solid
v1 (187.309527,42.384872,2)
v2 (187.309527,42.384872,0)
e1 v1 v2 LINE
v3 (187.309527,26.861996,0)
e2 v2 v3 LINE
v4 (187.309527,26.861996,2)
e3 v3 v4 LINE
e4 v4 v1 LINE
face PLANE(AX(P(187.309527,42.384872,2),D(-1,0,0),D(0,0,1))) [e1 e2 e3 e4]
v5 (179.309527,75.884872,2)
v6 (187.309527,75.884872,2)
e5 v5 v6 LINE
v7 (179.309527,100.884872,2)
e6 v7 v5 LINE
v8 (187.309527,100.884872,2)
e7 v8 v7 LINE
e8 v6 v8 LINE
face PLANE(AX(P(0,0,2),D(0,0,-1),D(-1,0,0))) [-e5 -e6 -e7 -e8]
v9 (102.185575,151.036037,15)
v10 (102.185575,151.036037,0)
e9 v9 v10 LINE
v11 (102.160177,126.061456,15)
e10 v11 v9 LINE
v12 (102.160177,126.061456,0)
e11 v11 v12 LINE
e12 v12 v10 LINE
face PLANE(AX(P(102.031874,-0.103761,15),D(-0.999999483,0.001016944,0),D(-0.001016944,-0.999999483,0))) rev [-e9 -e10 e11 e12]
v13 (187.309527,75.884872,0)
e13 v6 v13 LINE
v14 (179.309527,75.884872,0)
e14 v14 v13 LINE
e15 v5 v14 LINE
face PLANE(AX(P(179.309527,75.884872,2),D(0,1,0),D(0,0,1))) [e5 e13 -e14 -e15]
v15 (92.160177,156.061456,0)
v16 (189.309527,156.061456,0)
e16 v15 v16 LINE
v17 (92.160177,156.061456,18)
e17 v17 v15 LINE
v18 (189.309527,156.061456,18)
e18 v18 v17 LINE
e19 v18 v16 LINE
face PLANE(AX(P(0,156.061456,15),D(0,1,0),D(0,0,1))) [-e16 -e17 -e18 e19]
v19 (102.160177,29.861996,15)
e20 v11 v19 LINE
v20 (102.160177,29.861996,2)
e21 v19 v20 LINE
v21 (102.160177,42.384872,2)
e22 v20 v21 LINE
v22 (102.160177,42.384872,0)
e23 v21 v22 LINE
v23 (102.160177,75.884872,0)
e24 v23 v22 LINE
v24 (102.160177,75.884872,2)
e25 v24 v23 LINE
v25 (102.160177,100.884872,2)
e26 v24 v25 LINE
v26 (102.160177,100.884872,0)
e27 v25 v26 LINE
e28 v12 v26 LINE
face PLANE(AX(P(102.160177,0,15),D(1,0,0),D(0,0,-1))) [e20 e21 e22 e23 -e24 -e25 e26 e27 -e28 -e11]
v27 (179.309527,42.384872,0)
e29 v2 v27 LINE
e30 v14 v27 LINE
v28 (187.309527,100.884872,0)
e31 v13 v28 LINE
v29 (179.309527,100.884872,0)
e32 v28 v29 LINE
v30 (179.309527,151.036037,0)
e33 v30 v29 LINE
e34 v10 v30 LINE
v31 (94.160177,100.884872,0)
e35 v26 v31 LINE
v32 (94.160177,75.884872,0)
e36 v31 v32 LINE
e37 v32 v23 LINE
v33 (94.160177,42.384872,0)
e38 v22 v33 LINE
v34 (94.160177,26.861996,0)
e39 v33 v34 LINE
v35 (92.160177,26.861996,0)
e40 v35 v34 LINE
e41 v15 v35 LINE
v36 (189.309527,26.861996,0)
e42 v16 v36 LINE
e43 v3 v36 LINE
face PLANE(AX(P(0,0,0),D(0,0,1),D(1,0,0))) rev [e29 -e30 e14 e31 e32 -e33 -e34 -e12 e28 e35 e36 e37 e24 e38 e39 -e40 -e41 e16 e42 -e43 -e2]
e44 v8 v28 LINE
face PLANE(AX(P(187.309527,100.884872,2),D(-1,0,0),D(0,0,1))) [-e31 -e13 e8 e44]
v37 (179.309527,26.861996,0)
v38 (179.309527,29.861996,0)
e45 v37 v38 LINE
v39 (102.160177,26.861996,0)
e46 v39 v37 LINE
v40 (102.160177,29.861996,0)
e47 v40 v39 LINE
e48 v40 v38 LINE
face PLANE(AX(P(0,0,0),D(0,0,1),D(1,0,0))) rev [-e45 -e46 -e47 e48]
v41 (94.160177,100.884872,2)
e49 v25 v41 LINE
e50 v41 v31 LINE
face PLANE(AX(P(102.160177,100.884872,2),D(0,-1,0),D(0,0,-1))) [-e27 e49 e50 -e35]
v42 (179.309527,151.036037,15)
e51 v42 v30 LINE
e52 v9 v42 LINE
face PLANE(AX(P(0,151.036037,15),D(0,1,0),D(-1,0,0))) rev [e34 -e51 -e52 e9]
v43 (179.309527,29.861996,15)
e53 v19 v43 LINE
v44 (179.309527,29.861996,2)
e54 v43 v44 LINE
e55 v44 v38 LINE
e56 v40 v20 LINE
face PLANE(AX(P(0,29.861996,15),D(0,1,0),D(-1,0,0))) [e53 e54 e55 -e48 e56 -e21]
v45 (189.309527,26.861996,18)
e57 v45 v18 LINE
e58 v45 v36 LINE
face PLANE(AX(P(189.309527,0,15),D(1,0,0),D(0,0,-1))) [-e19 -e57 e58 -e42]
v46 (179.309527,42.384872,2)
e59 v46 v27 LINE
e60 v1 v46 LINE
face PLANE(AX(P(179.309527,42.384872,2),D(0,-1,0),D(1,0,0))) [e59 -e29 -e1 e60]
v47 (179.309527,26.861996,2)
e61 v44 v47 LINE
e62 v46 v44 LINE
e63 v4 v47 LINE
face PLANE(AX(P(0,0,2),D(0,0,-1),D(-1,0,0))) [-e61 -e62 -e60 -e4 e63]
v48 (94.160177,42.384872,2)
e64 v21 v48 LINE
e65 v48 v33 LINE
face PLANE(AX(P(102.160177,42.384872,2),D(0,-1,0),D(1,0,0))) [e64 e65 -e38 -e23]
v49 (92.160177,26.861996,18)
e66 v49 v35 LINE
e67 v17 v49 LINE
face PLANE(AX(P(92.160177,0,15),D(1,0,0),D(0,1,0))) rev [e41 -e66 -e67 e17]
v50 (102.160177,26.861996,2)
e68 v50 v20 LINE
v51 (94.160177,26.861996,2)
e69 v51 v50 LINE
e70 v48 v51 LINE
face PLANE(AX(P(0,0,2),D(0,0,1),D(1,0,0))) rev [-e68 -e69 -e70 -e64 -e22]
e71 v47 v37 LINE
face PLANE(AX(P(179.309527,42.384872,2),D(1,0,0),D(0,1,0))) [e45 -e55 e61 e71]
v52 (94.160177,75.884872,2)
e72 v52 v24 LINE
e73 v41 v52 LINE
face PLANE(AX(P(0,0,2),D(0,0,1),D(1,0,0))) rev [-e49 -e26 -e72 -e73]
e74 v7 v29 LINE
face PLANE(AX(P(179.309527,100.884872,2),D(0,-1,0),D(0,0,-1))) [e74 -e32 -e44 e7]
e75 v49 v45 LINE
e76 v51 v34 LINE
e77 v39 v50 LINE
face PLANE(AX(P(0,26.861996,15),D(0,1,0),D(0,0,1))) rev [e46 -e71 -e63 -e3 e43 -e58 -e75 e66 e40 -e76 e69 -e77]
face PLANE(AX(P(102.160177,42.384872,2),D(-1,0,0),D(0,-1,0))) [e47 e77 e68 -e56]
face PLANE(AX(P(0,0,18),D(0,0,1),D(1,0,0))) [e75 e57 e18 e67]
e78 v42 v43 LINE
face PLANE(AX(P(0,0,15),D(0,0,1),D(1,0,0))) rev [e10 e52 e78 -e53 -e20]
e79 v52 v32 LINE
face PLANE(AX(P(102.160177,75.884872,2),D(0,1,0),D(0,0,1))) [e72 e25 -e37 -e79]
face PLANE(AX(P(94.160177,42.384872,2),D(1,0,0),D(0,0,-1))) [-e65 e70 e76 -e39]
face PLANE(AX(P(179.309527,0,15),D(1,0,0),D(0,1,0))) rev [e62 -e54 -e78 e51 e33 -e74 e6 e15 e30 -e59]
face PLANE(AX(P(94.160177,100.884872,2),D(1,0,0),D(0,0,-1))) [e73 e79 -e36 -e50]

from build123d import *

# Parameters (mm, degrees)
MODEL_W             = 97.14935
MODEL_H             = 129.19946
EXTRUDE_1_DEPTH     = 15
SKETCH_5_W          = 97.14935
SKETCH_5_H          = 129.19946
EXTRUDE_2_DEPTH     = 3
SKETCH_4_W          = 8
SKETCH_4_H          = 25
CUT_EXTRUDE_1_DEPTH = 2


with BuildPart() as part:
    # Model → 凸台-拉伸1 (new body)
    with BuildSketch(Plane.XY):
        with Locations((140.734852429, 91.461726055)):
            Rectangle(MODEL_W, MODEL_H)
        Polygon((102.160177429, 94.384872236), (102.160177429, 82.384872236), (102.160177429, 35.884872236), (102.160177429, 29.861996055), (179.309527429, 29.861996055), (179.309527429, 35.884872236), (179.309527429, 82.384872236), (179.309527429, 94.384872236), (179.309527429, 118.984602236), (179.309527429, 126.061456055), (179.309527429, 151.036037203), (102.185575181, 151.036037203), (102.160177429, 126.061456055), (102.160177429, 118.984602236), align=None, mode=Mode.SUBTRACT)
    extrude(amount=EXTRUDE_1_DEPTH)

    # 草图5 → 凸台-拉伸2 (add)
    with BuildSketch(Plane.XY.offset(15)):
        with Locations((140.734852429, 91.461726055)):
            Rectangle(SKETCH_5_W, SKETCH_5_H)
    extrude(amount=EXTRUDE_2_DEPTH)

    # 草图4 → 切除-拉伸1 (cut)
    with BuildSketch(Plane.XY):
        with Locations((98.160177429, 29.884872236)):
            Rectangle(SKETCH_4_W, SKETCH_4_H)
        with Locations((183.309527429, 88.384872236)):
            Rectangle(SKETCH_4_W, SKETCH_4_H)
        with Locations((98.160177429, 88.384872236)):
            Rectangle(SKETCH_4_W, SKETCH_4_H)
        with Locations((183.309527429, 29.884872236)):
            Rectangle(SKETCH_4_W, SKETCH_4_H)
    extrude(amount=CUT_EXTRUDE_1_DEPTH, mode=Mode.SUBTRACT)


solid = part.part
